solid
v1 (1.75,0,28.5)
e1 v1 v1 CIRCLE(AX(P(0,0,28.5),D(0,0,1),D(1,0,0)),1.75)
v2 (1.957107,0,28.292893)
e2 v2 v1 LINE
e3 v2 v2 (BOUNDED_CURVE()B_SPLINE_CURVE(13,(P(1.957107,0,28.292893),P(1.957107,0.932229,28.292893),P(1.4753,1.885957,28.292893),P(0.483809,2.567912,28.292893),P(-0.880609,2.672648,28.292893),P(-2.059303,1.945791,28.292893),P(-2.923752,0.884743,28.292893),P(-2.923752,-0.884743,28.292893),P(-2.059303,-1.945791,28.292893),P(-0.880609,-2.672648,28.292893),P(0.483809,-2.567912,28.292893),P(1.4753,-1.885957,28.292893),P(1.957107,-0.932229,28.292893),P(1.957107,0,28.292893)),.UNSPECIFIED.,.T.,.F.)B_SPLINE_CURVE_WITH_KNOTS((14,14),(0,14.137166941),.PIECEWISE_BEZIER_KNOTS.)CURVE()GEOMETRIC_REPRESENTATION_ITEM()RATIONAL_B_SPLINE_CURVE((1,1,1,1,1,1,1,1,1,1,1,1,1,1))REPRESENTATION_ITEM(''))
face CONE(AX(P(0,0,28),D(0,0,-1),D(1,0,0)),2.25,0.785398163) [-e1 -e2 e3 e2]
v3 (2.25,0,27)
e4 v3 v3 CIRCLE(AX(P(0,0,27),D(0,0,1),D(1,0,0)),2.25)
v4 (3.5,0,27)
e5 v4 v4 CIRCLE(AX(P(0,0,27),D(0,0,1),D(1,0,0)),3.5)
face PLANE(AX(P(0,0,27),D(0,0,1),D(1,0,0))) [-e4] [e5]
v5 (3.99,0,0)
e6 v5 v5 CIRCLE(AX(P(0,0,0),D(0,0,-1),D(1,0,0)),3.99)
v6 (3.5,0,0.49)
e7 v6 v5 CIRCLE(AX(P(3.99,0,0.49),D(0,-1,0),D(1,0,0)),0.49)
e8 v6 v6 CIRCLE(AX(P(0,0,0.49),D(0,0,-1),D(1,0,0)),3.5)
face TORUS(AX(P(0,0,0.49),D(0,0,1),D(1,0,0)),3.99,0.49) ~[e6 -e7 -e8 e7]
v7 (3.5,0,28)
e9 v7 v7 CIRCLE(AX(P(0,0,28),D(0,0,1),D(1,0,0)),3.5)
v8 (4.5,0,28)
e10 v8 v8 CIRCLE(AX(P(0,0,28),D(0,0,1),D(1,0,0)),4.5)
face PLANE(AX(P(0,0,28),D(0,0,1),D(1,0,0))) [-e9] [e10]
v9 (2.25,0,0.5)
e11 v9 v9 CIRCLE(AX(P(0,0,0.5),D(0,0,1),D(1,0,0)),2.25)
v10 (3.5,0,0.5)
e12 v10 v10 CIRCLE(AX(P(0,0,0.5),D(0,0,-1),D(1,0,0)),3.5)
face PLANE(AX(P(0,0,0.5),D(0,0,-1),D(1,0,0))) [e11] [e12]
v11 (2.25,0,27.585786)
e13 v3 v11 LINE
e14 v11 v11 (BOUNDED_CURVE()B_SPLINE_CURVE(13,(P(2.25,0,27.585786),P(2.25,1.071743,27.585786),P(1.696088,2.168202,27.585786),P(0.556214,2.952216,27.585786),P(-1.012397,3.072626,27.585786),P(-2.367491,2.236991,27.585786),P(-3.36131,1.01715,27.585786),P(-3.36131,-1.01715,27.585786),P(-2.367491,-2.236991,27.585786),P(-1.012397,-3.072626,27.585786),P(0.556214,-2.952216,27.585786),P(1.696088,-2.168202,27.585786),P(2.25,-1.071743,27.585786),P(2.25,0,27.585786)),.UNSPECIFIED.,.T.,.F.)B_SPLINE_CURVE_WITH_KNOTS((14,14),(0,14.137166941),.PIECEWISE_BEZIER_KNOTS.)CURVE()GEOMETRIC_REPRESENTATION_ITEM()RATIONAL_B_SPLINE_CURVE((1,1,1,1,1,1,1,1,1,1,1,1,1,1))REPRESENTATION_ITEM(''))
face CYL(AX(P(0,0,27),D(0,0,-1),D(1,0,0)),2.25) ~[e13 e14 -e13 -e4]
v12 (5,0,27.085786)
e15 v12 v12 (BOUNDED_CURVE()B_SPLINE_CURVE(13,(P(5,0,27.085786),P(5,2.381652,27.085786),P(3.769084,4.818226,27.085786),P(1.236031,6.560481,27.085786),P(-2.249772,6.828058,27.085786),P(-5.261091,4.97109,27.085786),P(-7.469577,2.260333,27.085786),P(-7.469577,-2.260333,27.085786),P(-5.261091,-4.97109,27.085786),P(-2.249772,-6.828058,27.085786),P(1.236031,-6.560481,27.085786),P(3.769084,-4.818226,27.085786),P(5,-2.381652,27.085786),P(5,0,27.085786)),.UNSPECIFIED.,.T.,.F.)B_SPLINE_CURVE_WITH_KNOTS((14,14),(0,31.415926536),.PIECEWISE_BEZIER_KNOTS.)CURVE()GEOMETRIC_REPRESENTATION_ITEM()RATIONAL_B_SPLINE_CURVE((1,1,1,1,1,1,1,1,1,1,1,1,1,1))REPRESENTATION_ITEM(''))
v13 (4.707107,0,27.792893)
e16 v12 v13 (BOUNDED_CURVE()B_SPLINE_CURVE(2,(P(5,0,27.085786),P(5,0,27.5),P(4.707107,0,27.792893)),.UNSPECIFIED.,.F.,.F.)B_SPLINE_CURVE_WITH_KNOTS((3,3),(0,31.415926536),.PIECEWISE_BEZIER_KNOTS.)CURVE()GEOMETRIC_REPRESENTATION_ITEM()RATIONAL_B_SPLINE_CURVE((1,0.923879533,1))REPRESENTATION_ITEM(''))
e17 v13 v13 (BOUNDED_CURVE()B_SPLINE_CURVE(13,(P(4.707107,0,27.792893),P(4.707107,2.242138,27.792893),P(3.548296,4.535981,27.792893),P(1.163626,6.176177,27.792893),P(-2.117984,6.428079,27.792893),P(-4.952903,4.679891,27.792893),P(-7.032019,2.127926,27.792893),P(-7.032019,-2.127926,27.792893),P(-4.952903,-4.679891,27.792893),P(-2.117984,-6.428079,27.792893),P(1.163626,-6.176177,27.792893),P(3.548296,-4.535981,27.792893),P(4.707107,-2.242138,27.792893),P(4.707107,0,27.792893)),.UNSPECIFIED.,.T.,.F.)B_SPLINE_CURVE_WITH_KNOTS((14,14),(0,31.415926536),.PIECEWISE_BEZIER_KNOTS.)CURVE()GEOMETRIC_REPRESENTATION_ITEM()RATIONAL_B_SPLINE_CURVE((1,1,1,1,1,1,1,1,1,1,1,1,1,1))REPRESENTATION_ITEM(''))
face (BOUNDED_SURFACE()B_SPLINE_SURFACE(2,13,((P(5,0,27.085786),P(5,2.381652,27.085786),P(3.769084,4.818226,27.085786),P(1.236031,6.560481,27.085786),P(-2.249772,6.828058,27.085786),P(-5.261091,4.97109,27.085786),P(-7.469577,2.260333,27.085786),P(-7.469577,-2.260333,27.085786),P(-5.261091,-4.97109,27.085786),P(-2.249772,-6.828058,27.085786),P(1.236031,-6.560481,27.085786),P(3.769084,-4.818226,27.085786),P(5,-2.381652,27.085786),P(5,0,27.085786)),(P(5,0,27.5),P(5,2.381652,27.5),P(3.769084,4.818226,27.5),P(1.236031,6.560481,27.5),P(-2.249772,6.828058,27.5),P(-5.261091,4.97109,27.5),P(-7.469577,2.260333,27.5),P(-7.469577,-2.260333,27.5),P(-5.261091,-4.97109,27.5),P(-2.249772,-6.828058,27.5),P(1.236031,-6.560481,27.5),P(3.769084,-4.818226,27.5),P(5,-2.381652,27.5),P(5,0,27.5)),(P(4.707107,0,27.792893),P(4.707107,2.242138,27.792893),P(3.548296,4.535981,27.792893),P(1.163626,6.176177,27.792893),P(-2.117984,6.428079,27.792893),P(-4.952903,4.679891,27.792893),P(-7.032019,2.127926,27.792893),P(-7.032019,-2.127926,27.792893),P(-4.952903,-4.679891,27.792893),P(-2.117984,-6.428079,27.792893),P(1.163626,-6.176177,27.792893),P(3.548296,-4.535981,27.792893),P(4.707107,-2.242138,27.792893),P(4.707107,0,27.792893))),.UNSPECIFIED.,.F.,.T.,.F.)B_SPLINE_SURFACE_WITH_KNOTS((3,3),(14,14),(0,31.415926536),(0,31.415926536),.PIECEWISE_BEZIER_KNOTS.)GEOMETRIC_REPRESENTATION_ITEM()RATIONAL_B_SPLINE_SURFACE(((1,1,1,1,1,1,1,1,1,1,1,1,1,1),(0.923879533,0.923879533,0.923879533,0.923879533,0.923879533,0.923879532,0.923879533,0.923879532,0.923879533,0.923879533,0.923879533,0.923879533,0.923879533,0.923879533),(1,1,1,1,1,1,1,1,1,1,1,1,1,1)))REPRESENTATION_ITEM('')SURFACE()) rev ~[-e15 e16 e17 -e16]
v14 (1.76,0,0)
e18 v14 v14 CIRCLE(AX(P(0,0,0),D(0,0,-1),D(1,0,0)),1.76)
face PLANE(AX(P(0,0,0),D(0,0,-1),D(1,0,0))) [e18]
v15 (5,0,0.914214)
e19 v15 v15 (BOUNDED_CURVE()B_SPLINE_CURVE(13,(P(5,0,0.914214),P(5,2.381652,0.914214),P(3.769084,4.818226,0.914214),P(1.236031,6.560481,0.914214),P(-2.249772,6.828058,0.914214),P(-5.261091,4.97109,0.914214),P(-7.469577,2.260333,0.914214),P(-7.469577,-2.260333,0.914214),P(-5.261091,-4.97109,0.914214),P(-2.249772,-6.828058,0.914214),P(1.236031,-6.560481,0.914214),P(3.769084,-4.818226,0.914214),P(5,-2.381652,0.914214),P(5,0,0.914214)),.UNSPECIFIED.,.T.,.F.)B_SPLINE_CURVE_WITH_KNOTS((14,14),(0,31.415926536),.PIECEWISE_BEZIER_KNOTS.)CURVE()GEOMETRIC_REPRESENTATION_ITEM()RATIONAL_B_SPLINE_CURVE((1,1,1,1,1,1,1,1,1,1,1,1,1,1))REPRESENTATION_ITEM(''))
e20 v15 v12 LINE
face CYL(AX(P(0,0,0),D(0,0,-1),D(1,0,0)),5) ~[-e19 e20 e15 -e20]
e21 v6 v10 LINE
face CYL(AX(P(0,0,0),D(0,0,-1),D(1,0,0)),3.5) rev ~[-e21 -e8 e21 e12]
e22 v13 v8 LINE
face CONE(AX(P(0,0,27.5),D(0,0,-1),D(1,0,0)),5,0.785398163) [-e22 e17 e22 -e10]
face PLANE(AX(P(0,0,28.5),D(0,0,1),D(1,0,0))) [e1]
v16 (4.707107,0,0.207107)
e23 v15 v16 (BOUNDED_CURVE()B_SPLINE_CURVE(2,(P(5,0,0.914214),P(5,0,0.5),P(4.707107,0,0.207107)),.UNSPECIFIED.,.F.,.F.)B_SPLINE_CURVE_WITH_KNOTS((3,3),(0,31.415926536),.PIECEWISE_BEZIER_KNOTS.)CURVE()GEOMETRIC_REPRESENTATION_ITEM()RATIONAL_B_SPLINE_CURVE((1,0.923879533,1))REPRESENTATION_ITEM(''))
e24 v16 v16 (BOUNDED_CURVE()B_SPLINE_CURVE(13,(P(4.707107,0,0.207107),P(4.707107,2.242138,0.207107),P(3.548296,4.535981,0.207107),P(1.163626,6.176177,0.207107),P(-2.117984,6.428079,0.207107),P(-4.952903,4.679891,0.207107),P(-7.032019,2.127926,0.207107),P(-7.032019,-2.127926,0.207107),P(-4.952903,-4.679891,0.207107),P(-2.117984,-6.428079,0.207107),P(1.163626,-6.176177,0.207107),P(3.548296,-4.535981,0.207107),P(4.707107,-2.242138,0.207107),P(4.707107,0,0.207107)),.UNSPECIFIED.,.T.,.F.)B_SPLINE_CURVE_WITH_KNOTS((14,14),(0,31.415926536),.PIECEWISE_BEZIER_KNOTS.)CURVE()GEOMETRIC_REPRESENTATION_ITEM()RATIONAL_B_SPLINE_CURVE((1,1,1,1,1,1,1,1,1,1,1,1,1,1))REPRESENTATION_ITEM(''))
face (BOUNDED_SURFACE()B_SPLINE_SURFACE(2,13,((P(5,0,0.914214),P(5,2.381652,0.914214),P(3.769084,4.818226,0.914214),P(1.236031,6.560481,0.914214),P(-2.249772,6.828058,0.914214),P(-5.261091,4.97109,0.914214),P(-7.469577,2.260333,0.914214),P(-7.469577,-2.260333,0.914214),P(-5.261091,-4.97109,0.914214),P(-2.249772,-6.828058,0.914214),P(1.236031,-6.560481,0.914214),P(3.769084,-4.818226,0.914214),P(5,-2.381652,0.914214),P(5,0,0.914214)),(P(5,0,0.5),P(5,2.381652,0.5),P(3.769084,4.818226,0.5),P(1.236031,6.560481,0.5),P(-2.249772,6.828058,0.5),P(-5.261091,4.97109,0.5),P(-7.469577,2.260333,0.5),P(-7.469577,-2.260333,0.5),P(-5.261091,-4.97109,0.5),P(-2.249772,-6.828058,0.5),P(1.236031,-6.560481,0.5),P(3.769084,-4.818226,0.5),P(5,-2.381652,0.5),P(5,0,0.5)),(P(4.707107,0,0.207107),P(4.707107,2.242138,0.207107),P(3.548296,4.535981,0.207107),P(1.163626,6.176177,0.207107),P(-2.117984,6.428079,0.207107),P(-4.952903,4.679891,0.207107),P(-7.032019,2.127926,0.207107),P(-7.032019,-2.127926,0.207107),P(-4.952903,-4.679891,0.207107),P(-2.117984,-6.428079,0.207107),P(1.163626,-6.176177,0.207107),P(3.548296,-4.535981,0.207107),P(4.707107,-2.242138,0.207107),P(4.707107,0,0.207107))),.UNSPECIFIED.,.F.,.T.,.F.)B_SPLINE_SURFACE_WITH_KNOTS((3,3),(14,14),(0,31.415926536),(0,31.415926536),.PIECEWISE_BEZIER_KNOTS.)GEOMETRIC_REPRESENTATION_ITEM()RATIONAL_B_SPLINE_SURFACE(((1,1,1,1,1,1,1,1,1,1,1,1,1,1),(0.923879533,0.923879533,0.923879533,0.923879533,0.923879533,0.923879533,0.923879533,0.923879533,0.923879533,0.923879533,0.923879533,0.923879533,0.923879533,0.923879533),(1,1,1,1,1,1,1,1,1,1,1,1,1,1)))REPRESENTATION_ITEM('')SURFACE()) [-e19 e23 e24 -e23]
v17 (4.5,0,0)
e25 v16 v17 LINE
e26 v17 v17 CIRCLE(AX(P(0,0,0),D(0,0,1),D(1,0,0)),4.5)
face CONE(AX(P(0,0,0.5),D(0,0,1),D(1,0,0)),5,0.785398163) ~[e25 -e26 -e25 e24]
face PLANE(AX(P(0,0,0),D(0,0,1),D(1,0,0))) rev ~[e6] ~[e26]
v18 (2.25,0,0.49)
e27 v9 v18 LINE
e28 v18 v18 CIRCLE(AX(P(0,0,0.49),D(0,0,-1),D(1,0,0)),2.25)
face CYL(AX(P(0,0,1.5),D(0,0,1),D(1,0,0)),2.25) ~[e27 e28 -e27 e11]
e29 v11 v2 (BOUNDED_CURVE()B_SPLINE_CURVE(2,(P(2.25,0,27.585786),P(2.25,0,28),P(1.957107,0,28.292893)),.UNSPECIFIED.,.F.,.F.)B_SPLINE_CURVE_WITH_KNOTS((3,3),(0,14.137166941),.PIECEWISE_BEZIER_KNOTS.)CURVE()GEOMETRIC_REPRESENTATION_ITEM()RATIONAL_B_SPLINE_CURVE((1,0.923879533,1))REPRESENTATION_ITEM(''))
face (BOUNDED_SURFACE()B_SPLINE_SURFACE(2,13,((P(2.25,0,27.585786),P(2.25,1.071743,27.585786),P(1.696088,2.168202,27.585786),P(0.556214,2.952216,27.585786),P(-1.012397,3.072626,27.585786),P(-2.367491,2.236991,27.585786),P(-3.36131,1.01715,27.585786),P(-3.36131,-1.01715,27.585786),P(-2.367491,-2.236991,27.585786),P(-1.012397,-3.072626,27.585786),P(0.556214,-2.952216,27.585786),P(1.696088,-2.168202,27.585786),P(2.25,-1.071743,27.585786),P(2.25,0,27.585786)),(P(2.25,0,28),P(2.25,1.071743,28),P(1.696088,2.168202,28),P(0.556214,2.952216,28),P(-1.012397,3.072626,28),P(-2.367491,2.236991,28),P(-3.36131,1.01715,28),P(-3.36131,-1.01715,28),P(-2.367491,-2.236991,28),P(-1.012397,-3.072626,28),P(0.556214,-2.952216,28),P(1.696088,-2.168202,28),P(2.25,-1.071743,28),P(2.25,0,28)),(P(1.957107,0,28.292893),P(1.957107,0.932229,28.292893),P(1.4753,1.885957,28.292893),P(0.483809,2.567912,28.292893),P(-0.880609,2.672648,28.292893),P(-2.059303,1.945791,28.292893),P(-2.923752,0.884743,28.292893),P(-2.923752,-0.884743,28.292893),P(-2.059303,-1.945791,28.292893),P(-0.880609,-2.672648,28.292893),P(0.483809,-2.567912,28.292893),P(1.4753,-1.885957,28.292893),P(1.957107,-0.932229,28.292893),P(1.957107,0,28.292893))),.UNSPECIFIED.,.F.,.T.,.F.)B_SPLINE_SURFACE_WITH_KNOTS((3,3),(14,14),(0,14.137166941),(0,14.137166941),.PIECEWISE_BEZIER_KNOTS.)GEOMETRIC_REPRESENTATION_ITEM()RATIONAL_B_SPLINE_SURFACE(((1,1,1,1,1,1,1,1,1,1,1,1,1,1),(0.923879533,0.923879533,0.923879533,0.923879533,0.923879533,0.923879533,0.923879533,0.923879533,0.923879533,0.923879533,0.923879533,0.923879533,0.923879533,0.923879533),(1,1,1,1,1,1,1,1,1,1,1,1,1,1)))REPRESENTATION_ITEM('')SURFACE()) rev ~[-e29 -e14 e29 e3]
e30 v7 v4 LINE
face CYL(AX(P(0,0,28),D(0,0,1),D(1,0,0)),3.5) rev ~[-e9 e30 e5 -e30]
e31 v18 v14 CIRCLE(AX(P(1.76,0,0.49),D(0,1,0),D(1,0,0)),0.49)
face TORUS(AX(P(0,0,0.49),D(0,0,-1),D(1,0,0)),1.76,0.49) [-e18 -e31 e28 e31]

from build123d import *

# Parameters (mm, degrees)
SKETCH_R        = 5
PAD_DEPTH       = 28
CHAMFER_SIZE    = 0.5
CHAMFER001_SIZE = 0.5
SKETCH001_R     = 3.5
POCKET_DEPTH    = 1
FILLET_R        = 1
FILLET001_R     = 1
SKETCH002_R     = 2.25
PAD001_DEPTH    = 1.5
CHAMFER002_SIZE = 0.5
FILLET002_R     = 1
SKETCH003_R     = 3.5
POCKET001_DEPTH = 0.5
SKETCH004_R     = 2.25
POCKET002_DEPTH = 1
SKETCH005_R     = 2.25
PAD002_DEPTH    = 1
PAD003_DEPTH    = 1.5
FILLET003_R     = 0.49
FILLET004_R     = 0.49


with BuildPart() as part:
    # Sketch → Pad (new body)
    with BuildSketch(Plane.XY):
        Circle(SKETCH_R)
    extrude(amount=PAD_DEPTH)

    # Chamfer
    chamfer_edges = [part.edges().sort_by_distance(p)[0] for p in [
        (-5, 0, 0),
    ]]
    chamfer(chamfer_edges, length=CHAMFER_SIZE)

    # Chamfer001
    chamfer001_edges = [part.edges().sort_by_distance(p)[0] for p in [
        (-5, 0, 28),
    ]]
    chamfer(chamfer001_edges, length=CHAMFER001_SIZE)

    # Sketch001 (on Face4 of Chamfer001) → Pocket (cut)
    with BuildSketch(Plane.XY.offset(28)):
        Circle(SKETCH001_R)
    extrude(amount=-POCKET_DEPTH, mode=Mode.SUBTRACT)

    # Fillet
    fillet_edges = [part.edges().sort_by_distance(p)[0] for p in [
        (-5, 0, 27.5),
    ]]
    fillet(fillet_edges, radius=FILLET_R)

    # Fillet001
    fillet001_edges = [part.edges().sort_by_distance(p)[0] for p in [
        (-5, 0, 0.5),
    ]]
    fillet(fillet001_edges, radius=FILLET001_R)

    # Sketch002 (on Face9 of Fillet001) → Pad001 (join)
    with BuildSketch(Plane.XY.offset(27)):
        Circle(SKETCH002_R)
    extrude(amount=PAD001_DEPTH)

    # Chamfer002
    chamfer002_edges = [part.edges().sort_by_distance(p)[0] for p in [
        (-2.25, 0, 28.5),
    ]]
    chamfer(chamfer002_edges, length=CHAMFER002_SIZE)

    # Fillet002
    fillet002_edges = [part.edges().sort_by_distance(p)[0] for p in [
        (-2.25, 0, 28),
    ]]
    fillet(fillet002_edges, radius=FILLET002_R)

    # Sketch003 (on Face6 of Pad001) → Pocket001 (cut)
    with BuildSketch(Plane(origin=(0, 0, 0), x_dir=(1, 0, 0), z_dir=(0, 0, -1))):
        Circle(SKETCH003_R)
    extrude(amount=-POCKET001_DEPTH, mode=Mode.SUBTRACT)

    # Sketch004 (on Face15 of Pocket001) → Pocket002 (cut)
    with BuildSketch(Plane(origin=(0, 0, 0.5), x_dir=(1, 0, 0), z_dir=(0, 0, -1))):
        Circle(SKETCH004_R)
    extrude(amount=-POCKET002_DEPTH, mode=Mode.SUBTRACT)

    # Sketch005 (on Face17 of Pocket002) → Pad002 (join)
    with BuildSketch(Plane(origin=(0, 0, 1.5), x_dir=(1, 0, 0), z_dir=(0, 0, -1))):
        Circle(SKETCH005_R)
    extrude(amount=PAD002_DEPTH)

    # Sketch005 (on Face17 of Pocket002) → Pad003 (join)
    with BuildSketch(Plane(origin=(0, 0, 1.5), x_dir=(1, 0, 0), z_dir=(0, 0, -1))):
        Circle(SKETCH005_R)
    extrude(amount=PAD003_DEPTH)

    # Fillet003
    fillet003_edges = [part.edges().sort_by_distance(p)[0] for p in [
        (-2.25, 0, 0),
    ]]
    fillet(fillet003_edges, radius=FILLET003_R)

    # Fillet004
    fillet004_edges = [part.edges().sort_by_distance(p)[0] for p in [
        (-3.5, 0, 0),
    ]]
    fillet(fillet004_edges, radius=FILLET004_R)


solid = part.part
